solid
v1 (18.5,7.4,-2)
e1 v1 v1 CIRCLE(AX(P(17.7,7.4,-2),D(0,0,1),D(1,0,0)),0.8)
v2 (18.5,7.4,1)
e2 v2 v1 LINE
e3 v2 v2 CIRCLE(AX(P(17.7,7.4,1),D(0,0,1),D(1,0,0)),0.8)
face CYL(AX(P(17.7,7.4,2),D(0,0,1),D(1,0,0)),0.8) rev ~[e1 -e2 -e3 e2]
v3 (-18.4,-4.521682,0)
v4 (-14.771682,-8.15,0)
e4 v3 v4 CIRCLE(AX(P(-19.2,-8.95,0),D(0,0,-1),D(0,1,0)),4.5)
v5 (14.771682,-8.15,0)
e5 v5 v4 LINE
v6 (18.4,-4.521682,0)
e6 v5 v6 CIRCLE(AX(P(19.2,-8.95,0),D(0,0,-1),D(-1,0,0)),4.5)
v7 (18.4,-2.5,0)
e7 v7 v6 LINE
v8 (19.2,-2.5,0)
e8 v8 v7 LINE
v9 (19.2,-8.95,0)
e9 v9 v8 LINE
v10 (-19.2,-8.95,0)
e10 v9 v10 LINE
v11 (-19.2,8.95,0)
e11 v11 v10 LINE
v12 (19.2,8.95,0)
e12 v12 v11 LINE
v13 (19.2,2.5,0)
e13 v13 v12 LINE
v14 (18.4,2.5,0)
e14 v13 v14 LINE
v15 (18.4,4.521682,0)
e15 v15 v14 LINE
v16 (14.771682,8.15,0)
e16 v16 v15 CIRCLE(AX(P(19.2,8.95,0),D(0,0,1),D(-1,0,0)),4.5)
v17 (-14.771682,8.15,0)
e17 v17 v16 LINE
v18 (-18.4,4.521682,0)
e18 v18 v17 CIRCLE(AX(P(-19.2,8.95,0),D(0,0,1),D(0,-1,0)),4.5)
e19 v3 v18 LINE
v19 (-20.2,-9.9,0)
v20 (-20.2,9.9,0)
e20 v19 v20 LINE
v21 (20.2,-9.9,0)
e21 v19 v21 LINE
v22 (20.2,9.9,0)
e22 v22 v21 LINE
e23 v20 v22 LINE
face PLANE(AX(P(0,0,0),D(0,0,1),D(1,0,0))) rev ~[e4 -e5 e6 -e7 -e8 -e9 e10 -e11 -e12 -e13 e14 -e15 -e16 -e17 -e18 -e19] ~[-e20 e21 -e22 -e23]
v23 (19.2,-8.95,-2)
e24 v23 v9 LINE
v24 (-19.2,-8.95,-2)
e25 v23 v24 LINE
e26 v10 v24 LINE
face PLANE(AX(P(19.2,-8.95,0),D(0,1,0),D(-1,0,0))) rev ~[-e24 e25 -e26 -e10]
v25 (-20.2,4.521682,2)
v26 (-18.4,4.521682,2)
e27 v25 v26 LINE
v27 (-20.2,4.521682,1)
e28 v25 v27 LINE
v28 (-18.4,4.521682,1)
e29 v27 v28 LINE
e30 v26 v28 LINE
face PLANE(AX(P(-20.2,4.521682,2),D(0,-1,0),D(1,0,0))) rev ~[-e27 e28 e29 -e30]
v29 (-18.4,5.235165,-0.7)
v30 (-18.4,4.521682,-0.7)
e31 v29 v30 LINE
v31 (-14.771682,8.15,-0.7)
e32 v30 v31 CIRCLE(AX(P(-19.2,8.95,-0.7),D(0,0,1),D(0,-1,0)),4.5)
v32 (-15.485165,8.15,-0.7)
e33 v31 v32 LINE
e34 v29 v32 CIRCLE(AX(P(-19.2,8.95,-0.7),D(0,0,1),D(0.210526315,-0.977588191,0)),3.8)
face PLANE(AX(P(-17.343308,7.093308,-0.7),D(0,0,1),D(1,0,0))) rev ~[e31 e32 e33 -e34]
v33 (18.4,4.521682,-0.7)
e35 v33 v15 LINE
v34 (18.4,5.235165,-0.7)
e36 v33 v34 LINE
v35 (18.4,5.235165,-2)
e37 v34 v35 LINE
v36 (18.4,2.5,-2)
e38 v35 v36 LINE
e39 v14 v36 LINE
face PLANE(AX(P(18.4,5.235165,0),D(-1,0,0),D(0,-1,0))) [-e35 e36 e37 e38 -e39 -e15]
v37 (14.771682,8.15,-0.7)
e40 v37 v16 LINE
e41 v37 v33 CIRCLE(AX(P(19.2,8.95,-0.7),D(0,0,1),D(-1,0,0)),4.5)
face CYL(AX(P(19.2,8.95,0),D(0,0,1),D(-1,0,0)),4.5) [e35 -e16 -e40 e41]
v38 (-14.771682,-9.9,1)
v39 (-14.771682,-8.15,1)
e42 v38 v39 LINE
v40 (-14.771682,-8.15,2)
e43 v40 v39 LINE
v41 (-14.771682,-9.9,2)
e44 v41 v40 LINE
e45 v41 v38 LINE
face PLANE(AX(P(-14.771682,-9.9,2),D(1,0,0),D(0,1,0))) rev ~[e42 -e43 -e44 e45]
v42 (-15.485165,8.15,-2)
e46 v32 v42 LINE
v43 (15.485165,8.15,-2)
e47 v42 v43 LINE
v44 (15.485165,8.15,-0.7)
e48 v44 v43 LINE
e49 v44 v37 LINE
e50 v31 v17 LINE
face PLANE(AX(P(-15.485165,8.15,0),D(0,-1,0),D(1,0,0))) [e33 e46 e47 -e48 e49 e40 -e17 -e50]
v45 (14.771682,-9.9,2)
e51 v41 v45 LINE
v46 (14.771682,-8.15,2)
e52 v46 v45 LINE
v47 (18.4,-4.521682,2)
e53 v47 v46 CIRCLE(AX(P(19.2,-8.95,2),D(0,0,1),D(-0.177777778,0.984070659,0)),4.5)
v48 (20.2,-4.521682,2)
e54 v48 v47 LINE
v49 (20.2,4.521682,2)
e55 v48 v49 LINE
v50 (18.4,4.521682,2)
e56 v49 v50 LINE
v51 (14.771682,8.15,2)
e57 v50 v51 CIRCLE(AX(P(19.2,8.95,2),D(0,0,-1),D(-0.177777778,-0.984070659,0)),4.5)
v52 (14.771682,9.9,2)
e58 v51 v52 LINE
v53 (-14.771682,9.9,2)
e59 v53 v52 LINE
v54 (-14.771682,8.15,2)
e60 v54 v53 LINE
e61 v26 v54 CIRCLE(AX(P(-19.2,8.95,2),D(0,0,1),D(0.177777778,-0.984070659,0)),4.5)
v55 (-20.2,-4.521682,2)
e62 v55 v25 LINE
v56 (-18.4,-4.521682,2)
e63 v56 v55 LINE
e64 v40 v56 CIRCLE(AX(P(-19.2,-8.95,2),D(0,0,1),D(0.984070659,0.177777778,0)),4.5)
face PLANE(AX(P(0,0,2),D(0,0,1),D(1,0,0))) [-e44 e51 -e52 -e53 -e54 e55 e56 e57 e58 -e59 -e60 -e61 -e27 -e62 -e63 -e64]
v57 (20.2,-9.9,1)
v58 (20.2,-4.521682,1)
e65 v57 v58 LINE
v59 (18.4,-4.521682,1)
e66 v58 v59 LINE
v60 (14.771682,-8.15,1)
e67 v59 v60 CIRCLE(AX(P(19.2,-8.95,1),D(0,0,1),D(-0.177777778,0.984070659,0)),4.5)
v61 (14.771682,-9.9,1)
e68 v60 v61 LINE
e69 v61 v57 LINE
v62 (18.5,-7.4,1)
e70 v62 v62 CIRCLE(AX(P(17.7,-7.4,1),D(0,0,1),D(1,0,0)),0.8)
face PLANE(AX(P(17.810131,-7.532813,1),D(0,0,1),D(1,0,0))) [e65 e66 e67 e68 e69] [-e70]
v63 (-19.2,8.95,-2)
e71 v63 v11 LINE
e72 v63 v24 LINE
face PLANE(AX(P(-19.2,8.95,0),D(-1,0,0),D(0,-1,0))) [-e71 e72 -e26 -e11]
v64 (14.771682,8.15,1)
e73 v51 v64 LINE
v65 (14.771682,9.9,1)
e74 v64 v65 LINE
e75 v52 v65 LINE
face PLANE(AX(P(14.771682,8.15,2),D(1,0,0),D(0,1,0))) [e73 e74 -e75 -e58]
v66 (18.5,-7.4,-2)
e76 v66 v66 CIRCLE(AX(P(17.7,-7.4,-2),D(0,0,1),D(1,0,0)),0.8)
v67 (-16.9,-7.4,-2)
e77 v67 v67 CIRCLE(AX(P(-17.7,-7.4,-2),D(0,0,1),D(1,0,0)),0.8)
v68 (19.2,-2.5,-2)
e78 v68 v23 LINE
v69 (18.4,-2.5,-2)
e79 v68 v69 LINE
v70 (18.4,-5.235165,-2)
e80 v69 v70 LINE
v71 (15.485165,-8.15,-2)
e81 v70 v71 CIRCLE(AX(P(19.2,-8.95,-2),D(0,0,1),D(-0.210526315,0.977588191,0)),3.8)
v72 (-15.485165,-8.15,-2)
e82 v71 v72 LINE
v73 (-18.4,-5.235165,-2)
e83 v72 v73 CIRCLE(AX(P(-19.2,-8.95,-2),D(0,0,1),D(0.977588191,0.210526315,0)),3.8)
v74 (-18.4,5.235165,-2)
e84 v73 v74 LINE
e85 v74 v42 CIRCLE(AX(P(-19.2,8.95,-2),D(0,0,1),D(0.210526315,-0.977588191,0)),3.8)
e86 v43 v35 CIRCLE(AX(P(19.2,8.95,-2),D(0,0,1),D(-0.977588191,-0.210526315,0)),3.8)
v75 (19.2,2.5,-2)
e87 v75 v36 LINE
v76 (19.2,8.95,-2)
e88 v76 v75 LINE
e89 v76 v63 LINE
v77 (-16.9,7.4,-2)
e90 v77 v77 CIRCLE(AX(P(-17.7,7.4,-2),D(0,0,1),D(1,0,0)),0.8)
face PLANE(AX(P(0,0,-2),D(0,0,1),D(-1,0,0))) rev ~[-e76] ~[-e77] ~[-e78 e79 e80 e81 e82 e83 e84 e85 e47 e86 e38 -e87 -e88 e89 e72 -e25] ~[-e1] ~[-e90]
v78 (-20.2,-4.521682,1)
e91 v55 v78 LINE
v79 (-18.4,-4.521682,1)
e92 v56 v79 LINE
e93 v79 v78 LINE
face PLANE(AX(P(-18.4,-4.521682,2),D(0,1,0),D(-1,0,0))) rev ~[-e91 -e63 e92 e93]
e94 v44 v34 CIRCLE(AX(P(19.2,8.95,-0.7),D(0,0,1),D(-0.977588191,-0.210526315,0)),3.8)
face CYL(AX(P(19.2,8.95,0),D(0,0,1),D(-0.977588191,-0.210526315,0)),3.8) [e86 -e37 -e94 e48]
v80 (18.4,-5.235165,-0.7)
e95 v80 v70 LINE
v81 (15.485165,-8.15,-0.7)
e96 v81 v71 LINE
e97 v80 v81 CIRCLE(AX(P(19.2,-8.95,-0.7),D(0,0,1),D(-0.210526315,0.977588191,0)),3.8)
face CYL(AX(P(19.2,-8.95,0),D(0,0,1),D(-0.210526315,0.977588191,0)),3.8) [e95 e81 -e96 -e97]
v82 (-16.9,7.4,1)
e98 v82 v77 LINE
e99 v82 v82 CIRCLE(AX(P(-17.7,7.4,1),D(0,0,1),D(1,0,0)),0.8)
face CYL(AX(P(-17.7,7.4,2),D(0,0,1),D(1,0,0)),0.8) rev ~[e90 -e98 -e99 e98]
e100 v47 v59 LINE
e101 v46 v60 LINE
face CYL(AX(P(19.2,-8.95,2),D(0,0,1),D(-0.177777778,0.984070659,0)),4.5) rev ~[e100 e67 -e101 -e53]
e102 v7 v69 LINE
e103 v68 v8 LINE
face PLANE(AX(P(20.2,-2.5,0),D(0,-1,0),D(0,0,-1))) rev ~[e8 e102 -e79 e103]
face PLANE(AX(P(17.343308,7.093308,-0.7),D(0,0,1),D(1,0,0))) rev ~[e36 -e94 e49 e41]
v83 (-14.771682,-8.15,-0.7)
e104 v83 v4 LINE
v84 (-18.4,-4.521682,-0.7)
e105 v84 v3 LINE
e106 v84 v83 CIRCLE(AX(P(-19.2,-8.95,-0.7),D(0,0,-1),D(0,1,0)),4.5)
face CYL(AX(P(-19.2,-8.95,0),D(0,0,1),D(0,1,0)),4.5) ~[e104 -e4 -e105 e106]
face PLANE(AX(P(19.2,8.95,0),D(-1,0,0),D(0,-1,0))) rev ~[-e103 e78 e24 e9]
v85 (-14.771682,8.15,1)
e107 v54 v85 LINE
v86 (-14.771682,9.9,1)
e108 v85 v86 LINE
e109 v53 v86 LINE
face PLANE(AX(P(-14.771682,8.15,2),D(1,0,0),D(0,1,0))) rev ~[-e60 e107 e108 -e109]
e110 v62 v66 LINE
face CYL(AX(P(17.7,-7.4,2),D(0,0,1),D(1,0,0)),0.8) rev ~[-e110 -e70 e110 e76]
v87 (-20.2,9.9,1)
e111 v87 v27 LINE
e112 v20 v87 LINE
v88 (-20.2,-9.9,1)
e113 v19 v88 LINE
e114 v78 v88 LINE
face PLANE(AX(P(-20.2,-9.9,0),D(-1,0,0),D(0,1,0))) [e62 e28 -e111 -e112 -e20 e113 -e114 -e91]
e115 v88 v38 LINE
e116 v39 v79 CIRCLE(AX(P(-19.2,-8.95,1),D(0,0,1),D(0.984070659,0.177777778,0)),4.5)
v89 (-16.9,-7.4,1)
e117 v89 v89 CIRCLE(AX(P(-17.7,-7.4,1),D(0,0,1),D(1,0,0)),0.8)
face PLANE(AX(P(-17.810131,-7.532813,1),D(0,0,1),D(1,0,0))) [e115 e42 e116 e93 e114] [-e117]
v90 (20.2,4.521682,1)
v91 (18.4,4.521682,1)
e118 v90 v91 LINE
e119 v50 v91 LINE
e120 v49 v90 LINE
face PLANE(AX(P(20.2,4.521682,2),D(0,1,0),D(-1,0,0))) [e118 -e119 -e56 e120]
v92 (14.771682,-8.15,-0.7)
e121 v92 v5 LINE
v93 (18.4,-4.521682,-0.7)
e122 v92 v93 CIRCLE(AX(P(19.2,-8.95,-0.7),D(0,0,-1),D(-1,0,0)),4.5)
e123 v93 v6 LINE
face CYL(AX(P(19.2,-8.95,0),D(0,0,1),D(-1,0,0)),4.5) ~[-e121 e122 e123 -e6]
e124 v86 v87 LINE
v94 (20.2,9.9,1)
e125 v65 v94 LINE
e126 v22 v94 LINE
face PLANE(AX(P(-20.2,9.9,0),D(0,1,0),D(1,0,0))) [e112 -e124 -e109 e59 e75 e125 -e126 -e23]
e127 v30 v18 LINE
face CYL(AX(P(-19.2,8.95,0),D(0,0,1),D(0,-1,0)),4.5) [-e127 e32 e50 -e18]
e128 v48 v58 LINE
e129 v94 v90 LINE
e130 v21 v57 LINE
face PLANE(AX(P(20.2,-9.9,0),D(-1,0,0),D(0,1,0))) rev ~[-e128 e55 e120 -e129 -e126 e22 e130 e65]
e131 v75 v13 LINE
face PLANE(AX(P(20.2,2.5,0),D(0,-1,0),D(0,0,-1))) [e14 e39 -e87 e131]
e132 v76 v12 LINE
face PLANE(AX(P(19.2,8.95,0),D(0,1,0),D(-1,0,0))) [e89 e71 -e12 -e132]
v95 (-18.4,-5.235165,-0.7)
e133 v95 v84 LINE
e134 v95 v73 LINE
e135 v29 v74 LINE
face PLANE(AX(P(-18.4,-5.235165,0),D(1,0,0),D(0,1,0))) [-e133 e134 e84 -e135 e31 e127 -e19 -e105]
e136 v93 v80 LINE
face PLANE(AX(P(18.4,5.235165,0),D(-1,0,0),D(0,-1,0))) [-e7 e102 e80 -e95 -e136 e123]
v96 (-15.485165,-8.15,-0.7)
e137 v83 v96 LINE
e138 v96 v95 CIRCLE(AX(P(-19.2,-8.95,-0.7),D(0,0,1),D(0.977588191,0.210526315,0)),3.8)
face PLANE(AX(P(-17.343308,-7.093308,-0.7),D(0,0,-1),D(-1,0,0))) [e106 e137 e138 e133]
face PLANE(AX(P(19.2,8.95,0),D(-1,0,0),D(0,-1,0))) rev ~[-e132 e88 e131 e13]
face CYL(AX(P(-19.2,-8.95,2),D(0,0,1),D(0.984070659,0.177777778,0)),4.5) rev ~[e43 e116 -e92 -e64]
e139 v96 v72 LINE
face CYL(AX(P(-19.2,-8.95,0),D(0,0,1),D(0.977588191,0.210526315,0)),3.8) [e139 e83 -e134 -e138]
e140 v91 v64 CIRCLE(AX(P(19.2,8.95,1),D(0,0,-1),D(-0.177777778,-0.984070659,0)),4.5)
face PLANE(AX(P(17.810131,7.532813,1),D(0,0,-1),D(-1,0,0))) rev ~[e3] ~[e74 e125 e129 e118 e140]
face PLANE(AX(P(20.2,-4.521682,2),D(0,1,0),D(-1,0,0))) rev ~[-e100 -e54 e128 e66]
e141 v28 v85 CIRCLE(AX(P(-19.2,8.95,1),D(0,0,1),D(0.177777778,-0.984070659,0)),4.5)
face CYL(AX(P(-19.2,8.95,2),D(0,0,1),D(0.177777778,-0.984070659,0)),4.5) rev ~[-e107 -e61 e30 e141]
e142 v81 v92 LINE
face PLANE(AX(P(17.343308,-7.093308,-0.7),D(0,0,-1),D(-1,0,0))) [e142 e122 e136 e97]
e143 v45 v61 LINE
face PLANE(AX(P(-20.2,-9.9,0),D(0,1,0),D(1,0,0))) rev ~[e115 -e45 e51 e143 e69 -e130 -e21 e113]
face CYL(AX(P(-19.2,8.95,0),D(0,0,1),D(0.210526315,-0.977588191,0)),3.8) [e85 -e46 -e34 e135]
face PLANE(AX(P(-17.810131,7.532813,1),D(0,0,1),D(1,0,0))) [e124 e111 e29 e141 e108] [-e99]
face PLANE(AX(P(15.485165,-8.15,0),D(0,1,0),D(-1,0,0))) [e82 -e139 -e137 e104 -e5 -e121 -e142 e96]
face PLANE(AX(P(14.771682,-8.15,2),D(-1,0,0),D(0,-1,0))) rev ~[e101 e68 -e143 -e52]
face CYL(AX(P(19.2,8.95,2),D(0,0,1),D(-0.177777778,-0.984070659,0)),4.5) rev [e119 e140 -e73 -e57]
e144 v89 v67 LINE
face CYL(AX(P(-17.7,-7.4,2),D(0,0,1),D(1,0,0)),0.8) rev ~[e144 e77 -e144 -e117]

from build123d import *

# Parameters (mm, degrees)
SKETCH_1_W          = 40.4
SKETCH_1_H          = 19.8
EXTRUDE_1_DEPTH     = 2
SKETCH_2_W          = 38.4
SKETCH_2_H          = 17.9
EXTRUDE_2_DEPTH     = 2
CUT_EXTRUDE_6_DEPTH = 1
EXTRUDE_7_DEPTH     = 0.7
SKETCH_4_R          = 0.8
CUT_EXTRUDE_4_DEPTH = 23.848413512
SKETCH_8_W          = 2
SKETCH_8_H          = 5
CUT_EXTRUDE_8_DEPTH = 1.8


with BuildPart() as part:
    # 草圖1 → 伸長1 (new body)
    with BuildSketch(Plane.XY):
        Rectangle(SKETCH_1_W, SKETCH_1_H)
    extrude(amount=EXTRUDE_1_DEPTH)

    # 草圖2 → 伸長2 (add)
    with BuildSketch(Plane(origin=(0, 0, 0), x_dir=(-1, 0, 0), z_dir=(0, 0, 1))):
        Rectangle(SKETCH_2_W, SKETCH_2_H)
        with BuildLine():
            Line((-15.485164876, 8.15), (15.485164876, 8.15))
            ThreePointArc((15.485164876, 8.15), (16.512994231, 6.262994231), (18.4, 5.235164876))
            Line((18.4, 5.235164876), (18.4, -5.235164876))
            ThreePointArc((18.4, -5.235164876), (16.512994231, -6.262994231), (15.485164876, -8.15))
            Line((15.485164876, -8.15), (-15.485164876, -8.15))
            ThreePointArc((-15.485164876, -8.15), (-16.512994231, -6.262994231), (-18.4, -5.235164876))
            Line((-18.4, -5.235164876), (-18.4, 5.235164876))
            ThreePointArc((-18.4, 5.235164876), (-16.512994231, 6.262994231), (-15.485164876, 8.15))
        make_face(mode=Mode.SUBTRACT)
    extrude(amount=-EXTRUDE_2_DEPTH)

    # 草圖5 → 伸長6 (cut)
    with BuildSketch(Plane.XY.offset(2)):
        with BuildLine():
            Line((14.771682035, 8.15), (14.771682035, 9.9))
            Line((14.771682035, 9.9), (20.2, 9.9))
            Line((20.2, 9.9), (20.2, 4.521682035))
            Line((20.2, 4.521682035), (18.4, 4.521682035))
            ThreePointArc((18.4, 4.521682035), (16.018019485, 5.768019485), (14.771682035, 8.15))
        make_face()
        with BuildLine():
            Line((-14.771682035, 8.15), (-14.771682035, 9.9))
            Line((-14.771682035, 9.9), (-20.2, 9.9))
            Line((-20.2, 9.9), (-20.2, 4.521682035))
            Line((-20.2, 4.521682035), (-18.4, 4.521682035))
            ThreePointArc((-18.4, 4.521682035), (-16.018019485, 5.768019485), (-14.771682035, 8.15))
        make_face()
        with BuildLine():
            Line((-18.4, -4.521682035), (-20.2, -4.521682035))
            Line((-20.2, -4.521682035), (-20.2, -9.9))
            Line((-20.2, -9.9), (-14.771682035, -9.9))
            Line((-14.771682035, -9.9), (-14.771682035, -8.15))
            ThreePointArc((-14.771682035, -8.15), (-16.018019485, -5.768019485), (-18.4, -4.521682035))
        make_face()
        with BuildLine():
            Line((14.771682035, -8.15), (14.771682035, -9.9))
            Line((14.771682035, -9.9), (20.2, -9.9))
            Line((20.2, -9.9), (20.2, -4.521682035))
            Line((20.2, -4.521682035), (18.4, -4.521682035))
            ThreePointArc((18.4, -4.521682035), (16.018019485, -5.768019485), (14.771682035, -8.15))
        make_face()
    extrude(amount=-CUT_EXTRUDE_6_DEPTH, mode=Mode.SUBTRACT)

    # 草圖6 → 伸長7 (add)
    with BuildSketch(Plane(origin=(0, 0, 0), x_dir=(-1, 0, 0), z_dir=(0, 0, -1))):
        with BuildLine():
            Line((-19.2, -4.45), (-19.2, -8.95))
            Line((-19.2, -8.95), (-14.7, -8.95))
            ThreePointArc((-14.7, -8.95), (-16.018019485, -5.768019485), (-19.2, -4.45))
        make_face()
        with BuildLine():
            Line((-19.2, 8.95), (-14.7, 8.95))
            ThreePointArc((-14.7, 8.95), (-16.018019485, 5.768019485), (-19.2, 4.45))
            Line((-19.2, 4.45), (-19.2, 8.95))
        make_face()
        with BuildLine():
            Line((19.2, 8.95), (19.2, 4.45))
            ThreePointArc((19.2, 4.45), (16.018019485, 5.768019485), (14.7, 8.95))
            Line((14.7, 8.95), (19.2, 8.95))
        make_face()
        with BuildLine():
            Line((14.7, -8.95), (19.2, -8.95))
            Line((19.2, -8.95), (19.2, -4.45))
            ThreePointArc((19.2, -4.45), (16.018019485, -5.768019485), (14.7, -8.95))
        make_face()
    extrude(amount=EXTRUDE_7_DEPTH)

    # 草圖4 → 伸長4 (cut, through all)
    with BuildSketch(Plane(origin=(0, 0, 2), x_dir=(-1, 0, 0), z_dir=(0, 0, 1))):
        with Locations(Location((-17.7, 7.4, 0), (0, 0, 180))):
            Circle(SKETCH_4_R)
        with Locations(Location((17.7, 7.4, 0), (0, 0, 180))):
            Circle(SKETCH_4_R)
        with Locations(Location((17.7, -7.4, 0), (0, 0, 180))):
            Circle(SKETCH_4_R)
        with Locations(Location((-17.7, -7.4, 0), (0, 0, 180))):
            Circle(SKETCH_4_R)
    extrude(amount=-CUT_EXTRUDE_4_DEPTH, mode=Mode.SUBTRACT)

    # 草圖8 → 伸長8 (cut)
    with BuildSketch(Plane(origin=(20.2, 0, 0), x_dir=(0, 0, -1), z_dir=(1, 0, 0))):
        with Locations((1, 0)):
            Rectangle(SKETCH_8_W, SKETCH_8_H)
    extrude(amount=-CUT_EXTRUDE_8_DEPTH, mode=Mode.SUBTRACT)


solid = part.part
